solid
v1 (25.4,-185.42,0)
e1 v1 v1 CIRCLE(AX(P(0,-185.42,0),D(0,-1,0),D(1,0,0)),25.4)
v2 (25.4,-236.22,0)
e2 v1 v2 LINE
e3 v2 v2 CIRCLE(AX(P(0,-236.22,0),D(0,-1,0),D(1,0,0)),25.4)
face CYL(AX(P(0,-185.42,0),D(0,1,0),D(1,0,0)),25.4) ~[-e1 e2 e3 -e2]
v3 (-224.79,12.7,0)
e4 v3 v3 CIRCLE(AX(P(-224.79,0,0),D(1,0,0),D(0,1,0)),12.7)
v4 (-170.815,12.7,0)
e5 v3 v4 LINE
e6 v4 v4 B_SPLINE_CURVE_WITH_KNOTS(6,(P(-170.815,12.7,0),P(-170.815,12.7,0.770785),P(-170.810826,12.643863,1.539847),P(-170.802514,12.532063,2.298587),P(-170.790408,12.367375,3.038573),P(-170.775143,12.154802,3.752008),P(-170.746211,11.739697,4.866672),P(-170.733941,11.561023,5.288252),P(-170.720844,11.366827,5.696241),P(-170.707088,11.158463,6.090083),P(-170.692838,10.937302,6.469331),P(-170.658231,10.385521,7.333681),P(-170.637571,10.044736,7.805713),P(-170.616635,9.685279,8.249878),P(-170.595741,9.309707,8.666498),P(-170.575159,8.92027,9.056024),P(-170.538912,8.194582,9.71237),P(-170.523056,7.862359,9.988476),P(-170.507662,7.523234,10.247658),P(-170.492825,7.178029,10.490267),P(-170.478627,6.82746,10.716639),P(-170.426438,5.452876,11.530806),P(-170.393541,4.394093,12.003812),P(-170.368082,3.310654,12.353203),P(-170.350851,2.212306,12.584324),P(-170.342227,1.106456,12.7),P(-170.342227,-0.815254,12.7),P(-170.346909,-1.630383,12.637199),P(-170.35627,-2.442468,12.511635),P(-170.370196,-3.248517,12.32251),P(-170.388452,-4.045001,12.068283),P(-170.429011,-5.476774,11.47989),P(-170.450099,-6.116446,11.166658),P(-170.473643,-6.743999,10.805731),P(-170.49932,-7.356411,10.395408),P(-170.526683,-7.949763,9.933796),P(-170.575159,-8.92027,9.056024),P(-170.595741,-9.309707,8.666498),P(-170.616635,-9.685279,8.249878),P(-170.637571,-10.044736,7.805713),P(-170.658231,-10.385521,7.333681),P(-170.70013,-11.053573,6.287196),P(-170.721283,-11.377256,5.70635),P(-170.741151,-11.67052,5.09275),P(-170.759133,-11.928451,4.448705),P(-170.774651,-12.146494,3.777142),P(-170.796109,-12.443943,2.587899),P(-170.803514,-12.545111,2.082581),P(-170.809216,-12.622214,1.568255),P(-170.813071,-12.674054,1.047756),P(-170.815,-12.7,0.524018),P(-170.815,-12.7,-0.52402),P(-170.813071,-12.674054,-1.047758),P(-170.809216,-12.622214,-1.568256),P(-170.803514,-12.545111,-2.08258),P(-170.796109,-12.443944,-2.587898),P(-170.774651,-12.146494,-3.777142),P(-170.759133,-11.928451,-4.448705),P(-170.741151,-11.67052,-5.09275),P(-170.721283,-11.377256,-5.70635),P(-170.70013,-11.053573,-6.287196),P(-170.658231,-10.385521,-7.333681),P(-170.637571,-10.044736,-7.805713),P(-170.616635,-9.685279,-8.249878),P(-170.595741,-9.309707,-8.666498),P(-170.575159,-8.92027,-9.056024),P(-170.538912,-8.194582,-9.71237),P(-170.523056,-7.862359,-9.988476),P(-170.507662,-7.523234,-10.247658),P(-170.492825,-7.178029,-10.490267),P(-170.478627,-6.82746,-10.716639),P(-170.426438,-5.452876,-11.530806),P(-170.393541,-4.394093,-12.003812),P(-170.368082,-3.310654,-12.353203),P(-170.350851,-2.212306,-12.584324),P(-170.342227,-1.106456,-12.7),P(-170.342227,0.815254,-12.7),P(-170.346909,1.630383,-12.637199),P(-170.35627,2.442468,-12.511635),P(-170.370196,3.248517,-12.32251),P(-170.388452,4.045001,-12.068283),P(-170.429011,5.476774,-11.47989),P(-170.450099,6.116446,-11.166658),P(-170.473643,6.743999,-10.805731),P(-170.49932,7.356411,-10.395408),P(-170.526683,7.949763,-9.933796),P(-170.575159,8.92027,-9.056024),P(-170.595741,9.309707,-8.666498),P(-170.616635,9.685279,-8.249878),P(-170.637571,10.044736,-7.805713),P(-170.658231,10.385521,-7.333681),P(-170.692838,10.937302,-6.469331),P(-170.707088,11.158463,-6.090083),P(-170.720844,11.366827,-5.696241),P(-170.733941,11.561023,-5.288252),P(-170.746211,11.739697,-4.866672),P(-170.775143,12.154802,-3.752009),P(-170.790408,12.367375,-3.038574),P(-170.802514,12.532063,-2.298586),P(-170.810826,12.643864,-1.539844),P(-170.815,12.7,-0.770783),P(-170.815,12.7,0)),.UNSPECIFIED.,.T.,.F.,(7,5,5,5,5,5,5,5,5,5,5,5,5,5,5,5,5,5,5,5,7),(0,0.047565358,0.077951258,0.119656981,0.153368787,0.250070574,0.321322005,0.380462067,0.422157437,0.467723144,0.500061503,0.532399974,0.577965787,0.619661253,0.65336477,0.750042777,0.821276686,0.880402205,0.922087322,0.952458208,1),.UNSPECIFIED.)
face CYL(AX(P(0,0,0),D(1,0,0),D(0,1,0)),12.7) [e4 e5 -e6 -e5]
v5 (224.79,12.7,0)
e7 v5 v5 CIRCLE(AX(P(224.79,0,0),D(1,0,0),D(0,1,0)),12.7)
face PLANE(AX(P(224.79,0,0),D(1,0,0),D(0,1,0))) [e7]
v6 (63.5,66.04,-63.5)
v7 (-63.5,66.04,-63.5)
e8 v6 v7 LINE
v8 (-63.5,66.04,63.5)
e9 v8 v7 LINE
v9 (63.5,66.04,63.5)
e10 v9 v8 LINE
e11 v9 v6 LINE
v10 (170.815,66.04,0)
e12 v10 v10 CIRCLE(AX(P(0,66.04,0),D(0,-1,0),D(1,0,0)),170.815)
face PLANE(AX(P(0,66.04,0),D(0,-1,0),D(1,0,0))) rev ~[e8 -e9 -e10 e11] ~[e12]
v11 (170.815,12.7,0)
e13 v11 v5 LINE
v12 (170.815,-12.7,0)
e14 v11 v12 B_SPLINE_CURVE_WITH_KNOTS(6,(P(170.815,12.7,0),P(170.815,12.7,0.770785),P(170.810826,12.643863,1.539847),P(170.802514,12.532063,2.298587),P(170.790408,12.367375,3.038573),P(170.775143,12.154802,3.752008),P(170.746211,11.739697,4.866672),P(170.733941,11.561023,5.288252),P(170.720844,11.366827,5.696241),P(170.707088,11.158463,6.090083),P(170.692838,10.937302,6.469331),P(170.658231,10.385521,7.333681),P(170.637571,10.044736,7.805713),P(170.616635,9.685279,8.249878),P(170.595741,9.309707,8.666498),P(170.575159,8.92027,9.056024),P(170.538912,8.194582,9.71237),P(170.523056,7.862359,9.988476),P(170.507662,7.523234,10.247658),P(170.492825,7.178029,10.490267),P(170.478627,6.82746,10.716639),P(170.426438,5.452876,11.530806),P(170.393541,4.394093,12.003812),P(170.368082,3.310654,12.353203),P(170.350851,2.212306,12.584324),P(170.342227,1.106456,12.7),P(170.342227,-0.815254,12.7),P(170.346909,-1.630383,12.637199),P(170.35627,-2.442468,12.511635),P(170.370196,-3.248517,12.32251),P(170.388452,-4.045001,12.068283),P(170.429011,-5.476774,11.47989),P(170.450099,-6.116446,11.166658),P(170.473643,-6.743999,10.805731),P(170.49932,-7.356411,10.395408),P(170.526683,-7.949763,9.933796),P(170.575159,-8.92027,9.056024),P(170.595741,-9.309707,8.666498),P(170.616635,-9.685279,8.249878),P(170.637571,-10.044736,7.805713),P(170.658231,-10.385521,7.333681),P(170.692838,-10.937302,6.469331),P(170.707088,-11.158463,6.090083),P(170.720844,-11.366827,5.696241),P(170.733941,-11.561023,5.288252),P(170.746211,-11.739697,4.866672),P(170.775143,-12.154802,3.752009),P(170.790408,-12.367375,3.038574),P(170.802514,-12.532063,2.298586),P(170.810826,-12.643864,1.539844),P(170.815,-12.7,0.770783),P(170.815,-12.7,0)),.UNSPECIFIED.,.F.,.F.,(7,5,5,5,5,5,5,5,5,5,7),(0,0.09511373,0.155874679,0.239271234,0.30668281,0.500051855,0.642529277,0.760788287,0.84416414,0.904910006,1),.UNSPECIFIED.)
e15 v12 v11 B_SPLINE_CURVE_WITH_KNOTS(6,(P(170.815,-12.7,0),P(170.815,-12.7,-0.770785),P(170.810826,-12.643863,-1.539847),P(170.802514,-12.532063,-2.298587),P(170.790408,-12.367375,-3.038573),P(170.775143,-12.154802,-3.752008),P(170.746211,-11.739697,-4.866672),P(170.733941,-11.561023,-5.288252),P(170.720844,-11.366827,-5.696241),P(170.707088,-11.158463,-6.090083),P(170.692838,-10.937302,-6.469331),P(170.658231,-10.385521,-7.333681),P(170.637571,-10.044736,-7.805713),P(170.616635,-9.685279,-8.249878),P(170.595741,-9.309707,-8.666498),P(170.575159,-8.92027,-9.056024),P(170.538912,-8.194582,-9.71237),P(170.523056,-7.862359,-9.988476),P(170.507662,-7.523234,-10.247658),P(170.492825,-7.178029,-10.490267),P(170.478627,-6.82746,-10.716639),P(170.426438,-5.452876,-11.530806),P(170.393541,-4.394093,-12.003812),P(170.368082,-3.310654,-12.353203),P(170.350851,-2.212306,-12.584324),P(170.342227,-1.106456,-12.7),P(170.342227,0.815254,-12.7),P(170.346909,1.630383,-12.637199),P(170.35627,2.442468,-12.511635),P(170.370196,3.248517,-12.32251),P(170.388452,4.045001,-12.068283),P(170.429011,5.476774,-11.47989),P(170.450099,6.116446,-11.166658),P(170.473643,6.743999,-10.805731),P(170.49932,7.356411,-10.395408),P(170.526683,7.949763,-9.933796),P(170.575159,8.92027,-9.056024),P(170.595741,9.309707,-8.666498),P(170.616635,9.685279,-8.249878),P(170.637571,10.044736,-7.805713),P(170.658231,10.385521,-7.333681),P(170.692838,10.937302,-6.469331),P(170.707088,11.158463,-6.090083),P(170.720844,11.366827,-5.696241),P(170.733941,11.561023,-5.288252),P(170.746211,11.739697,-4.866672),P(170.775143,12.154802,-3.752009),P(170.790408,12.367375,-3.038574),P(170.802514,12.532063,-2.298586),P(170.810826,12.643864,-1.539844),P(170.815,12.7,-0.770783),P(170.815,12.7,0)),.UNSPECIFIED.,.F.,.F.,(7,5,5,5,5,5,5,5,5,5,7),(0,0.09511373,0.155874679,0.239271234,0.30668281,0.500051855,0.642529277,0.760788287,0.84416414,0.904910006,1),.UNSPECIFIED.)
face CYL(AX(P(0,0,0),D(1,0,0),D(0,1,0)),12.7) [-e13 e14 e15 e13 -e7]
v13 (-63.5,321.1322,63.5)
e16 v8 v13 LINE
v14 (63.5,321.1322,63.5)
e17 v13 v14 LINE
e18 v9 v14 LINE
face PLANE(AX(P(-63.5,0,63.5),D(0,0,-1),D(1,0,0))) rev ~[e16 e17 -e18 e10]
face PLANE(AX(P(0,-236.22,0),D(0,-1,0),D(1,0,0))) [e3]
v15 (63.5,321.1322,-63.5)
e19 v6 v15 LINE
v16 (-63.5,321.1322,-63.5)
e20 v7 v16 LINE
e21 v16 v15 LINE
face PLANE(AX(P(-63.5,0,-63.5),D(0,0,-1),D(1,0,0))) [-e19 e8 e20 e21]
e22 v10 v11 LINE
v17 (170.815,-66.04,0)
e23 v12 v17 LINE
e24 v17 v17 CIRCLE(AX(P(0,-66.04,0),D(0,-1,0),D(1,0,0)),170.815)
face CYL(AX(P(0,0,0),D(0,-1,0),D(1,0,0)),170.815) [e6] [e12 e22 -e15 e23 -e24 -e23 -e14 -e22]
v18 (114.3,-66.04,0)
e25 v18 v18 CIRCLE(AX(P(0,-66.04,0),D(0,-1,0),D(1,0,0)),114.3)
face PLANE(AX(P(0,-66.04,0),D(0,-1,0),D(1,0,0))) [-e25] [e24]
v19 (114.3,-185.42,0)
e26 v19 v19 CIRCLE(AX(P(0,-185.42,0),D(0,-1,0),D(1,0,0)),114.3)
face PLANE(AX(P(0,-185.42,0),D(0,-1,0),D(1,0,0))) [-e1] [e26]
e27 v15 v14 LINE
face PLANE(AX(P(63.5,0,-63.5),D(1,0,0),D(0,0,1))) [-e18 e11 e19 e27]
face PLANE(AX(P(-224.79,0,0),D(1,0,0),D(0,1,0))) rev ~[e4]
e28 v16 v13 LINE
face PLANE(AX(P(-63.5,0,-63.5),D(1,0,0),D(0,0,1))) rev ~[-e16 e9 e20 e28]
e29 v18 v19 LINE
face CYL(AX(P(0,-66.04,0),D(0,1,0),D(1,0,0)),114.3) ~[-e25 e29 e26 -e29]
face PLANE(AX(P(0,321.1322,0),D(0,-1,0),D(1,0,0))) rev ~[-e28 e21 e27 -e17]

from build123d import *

# Parameters (mm, degrees)
F0_W     = 127
F0_H     = 127
F1_DEPTH = 321.1322
F2_R     = 170.815
F3_DEPTH = 66.04
F4_R     = 114.3
F5_DEPTH = 119.38
F6_R     = 25.4
F7_DEPTH = 50.8
F8_R     = 12.7
F9_DEPTH = 224.79


with BuildPart() as f1:
    # F0 (on Front) → F1 (new body)
    with BuildSketch(Plane.XZ):
        Rectangle(F0_W, F0_H)
    extrude(amount=-F1_DEPTH)

    # F2 (on Front) → F3 (join, symmetric)
    with BuildSketch(Plane.XZ):
        Circle(F2_R)
    extrude(amount=F3_DEPTH, both=True)

    # F4 (on face) → F5 (join)
    with BuildSketch(Plane.XZ.offset(66.04)):
        Circle(F4_R)
    extrude(amount=F5_DEPTH)

    # F6 (on face) → F7 (join)
    with BuildSketch(Plane.XZ.offset(185.42)):
        Circle(F6_R)
    extrude(amount=F7_DEPTH)

    # F8 (on Right) → F9 (join, symmetric)
    with BuildSketch(Plane.YZ):
        Circle(F8_R)
    extrude(amount=F9_DEPTH, both=True)


solid = f1.part
